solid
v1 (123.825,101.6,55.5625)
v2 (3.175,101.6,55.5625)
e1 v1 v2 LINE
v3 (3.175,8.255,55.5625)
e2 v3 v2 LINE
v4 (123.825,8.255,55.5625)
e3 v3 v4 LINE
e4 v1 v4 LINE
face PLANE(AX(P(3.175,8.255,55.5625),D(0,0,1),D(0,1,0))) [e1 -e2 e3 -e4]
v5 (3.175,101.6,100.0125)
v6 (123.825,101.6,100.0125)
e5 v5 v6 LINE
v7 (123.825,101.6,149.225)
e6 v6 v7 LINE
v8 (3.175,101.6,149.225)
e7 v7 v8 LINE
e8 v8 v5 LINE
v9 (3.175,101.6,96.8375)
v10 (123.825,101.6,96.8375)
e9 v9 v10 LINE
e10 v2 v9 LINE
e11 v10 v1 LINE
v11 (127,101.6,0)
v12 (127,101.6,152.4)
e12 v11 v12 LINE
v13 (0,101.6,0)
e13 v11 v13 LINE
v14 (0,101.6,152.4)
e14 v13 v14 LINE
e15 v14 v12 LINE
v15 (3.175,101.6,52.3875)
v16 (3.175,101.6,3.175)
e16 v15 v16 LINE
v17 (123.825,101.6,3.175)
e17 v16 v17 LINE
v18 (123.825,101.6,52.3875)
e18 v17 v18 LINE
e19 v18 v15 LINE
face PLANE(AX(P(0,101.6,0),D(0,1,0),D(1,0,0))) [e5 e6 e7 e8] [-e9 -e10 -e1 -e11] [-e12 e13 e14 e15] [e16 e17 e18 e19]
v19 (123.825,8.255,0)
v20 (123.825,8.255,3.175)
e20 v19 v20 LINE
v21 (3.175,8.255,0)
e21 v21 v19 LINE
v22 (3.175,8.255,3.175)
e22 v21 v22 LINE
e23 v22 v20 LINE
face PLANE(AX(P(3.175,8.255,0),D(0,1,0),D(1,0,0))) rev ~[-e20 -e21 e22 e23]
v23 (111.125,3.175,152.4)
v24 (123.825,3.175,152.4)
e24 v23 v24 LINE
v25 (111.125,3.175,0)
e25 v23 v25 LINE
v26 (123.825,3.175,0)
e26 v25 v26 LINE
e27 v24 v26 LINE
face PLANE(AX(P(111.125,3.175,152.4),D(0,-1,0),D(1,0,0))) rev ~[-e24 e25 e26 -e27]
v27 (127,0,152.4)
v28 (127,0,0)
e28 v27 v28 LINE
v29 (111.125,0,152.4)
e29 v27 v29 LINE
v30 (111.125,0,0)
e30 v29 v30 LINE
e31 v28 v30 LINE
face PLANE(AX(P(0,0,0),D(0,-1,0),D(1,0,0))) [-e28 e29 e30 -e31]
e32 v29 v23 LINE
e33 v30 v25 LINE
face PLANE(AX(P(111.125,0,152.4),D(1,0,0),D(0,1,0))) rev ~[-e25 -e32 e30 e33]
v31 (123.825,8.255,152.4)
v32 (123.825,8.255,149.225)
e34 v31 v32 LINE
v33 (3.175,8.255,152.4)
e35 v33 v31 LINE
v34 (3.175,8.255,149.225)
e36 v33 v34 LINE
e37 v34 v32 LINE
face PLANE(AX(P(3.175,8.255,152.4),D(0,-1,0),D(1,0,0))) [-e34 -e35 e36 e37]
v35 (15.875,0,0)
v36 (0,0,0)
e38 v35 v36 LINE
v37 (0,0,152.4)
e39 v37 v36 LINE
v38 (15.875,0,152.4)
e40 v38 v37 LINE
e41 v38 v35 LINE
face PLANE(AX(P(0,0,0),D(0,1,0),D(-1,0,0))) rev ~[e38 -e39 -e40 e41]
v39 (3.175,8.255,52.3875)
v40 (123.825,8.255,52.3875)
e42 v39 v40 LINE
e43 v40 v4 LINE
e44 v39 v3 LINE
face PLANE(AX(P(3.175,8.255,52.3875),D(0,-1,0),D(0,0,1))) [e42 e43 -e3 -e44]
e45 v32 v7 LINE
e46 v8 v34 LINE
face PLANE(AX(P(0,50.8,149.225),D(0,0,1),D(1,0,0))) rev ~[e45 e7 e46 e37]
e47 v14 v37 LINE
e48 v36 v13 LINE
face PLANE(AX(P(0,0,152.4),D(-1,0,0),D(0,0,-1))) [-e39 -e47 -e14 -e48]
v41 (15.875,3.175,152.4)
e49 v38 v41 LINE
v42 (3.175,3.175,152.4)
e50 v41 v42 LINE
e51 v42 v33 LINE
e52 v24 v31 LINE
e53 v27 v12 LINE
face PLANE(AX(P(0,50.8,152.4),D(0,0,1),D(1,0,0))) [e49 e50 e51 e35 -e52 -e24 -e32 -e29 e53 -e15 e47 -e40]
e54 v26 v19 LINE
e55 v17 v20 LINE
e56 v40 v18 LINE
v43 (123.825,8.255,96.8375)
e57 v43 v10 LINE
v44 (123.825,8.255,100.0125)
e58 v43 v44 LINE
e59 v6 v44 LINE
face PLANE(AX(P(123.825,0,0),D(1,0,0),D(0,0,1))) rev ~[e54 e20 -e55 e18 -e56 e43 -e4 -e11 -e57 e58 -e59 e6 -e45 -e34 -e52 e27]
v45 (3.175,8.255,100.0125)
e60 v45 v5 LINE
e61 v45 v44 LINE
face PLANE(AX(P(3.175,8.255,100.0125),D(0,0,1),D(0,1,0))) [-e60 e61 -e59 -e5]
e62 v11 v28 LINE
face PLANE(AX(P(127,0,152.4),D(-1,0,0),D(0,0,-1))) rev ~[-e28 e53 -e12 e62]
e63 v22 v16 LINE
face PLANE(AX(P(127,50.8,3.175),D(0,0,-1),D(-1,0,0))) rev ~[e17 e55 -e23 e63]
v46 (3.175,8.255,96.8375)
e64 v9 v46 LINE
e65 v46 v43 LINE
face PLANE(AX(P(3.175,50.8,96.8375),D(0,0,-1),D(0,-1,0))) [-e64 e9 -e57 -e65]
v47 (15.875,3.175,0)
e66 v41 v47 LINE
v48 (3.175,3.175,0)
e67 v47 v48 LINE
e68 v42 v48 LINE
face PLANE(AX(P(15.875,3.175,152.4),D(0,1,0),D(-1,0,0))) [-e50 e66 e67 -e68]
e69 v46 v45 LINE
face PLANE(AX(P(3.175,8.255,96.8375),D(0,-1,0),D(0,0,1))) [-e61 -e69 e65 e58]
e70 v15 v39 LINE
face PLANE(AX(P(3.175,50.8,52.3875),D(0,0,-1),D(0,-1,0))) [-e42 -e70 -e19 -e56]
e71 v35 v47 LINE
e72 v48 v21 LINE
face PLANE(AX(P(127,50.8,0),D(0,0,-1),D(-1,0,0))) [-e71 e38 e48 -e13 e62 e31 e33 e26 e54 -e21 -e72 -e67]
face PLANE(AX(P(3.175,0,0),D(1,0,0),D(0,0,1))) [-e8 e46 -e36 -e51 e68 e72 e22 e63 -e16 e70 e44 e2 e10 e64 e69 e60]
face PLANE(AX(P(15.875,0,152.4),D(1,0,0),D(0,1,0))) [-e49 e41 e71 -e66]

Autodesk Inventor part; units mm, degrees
ref_plane "YZ Plane" through (0, 0, 0) normal (1, 0, 0) x (0, 1, 0)
ref_plane "XZ Plane" through (0, 0, 0) normal (0, 1, 0) x (-1, 0, 0)
ref_plane "XY Plane" through (0, 0, 0) normal (0, 0, 1) x (1, 0, 0)
sketch "Sketch1" plane through (0, 0, 0) normal (0, 1, 0) x (-1, 0, 0)
  line L0 (0, 0) -> (-3.175, 0)
  line L1 (-3.175, 0) -> (-3.175, 152.4)
  line L2 (-3.175, 152.4) -> (0, 152.4)
  line L3 (0, 152.4) -> (0, 0)
  dimension "d0" = 3.175
  dimension "d1" = 152.4
extrude "Extrusion1" add sketch "Sketch1" along normal blind 50.8
sketch "Sketch2" plane through (0, 0, 0) normal (0, -1, 0) x (1, 0, 0)
  line L0 (0, 0) -> (127, 0) construction
  line L1 (0, 0) -> (127, 0) construction
  line L2 (127, 0) -> (123.825, 0)
  line L3 (123.825, 0) -> (123.825, 152.4)
  line L4 (123.825, 152.4) -> (127, 152.4)
  line L5 (127, 152.4) -> (127, 0)
  dimension "d4" = 127
  dimension "d5" = 0
  dimension "d6" = 3.175
  dimension "d7" = 152.4
extrude "Extrusion2" add sketch "Sketch2" against normal blind 50.8
sketch "Sketch3" plane through (0, 0, 152.4) normal (0, 0, 1) x (1, 0, 0)
  line L0 (3.175, 0) -> (3.175, 50.8) projected
  line L1 (3.175, 0) -> (15.875, 0)
  line L2 (15.875, 0) -> (15.875, 3.175)
  line L3 (15.875, 3.175) -> (3.175, 3.175)
  line L4 (3.175, 3.175) -> (3.175, 0)
  point P0 (0, 0)
  point P1 (3.175, 3.175)
  dimension "d10" = 12.7
  dimension "d11" = 3.175
extrude "Extrusion3" add sketch "Sketch3" against normal blind 152.4
sketch "Sketch4" plane through (123.825, 0, 152.4) normal (0, 0, 1) x (1, 0, 0)
  line L0 (0, 0) -> (0, 50.8) projected
  line L1 (0, 0) -> (-12.7, 0)
  line L2 (-12.7, 0) -> (-12.7, 3.175)
  line L3 (-12.7, 3.175) -> (0, 3.175)
  line L4 (0, 3.175) -> (0, 0)
  point P0 (-123.825, 0)
  dimension "d14" = 12.7
  dimension "d15" = 3.175
extrude "Extrusion4" add sketch "Sketch4" against normal blind 152.4
sketch "Sketch5" plane through (0, 50.8, 152.4) normal (0, 0, 1) x (1, 0, 0)
  line L0 (15.875, -47.625) -> (3.175, -47.625) construction
  line L1 (3.175, -47.625) -> (3.175, -42.545) construction
  line L2 (3.175, -47.625) -> (3.175, 0) construction
  line L3 (127, 0) -> (123.825, 0) projected
  line L4 (3.175, -42.545) -> (123.825, -42.545)
  line L5 (123.825, -42.545) -> (123.825, 0)
  line L6 (123.825, 0) -> (3.175, 0)
  line L7 (3.175, 0) -> (3.175, -42.545)
  point P0 (0, -50.8)
  dimension "d18" = 5.08
extrude "Extrusion5" add sketch "Sketch5" against normal blind 3.175
sketch "Sketch6" plane through (127, 50.8, 0) normal (0, 0, -1) x (-1, 0, 0)
  line L0 (0, 0) -> (3.175, 0) projected
  line L1 (123.825, -42.545) -> (3.175, -42.545) projected
  line L2 (3.175, 0) -> (123.825, 0)
  line L3 (123.825, 0) -> (123.825, -42.545)
  line L4 (123.825, -42.545) -> (3.175, -42.545)
  line L5 (3.175, -42.545) -> (3.175, 0)
  point P0 (127, -50.8)
extrude "Extrusion6" add sketch "Sketch6" against normal blind 3.175
sketch "Sketch8" plane through (3.175, 3.175, 152.4) normal (1, 0, 0) x (0, 0, -1)
  line L0 (3.175, 47.625) -> (53.975, 47.625) construction
  line L1 (3.175, 47.625) -> (149.225, 47.625) construction
  line L2 (3.175, 47.625) -> (53.975, 47.625) construction
  line L3 (152.4, -3.175) -> (0, -3.175) construction
  line L4 (53.975, 47.625) -> (101.6, 47.625) construction
  line L5 (53.975, 0) -> (53.975, 5.08) construction
  line L6 (53.975, 47.625) -> (53.975, 5.08) construction
  line L7 (52.3875, 47.625) -> (55.5625, 47.625)
  line L8 (55.5625, 47.625) -> (55.5625, 5.08)
  line L9 (55.5625, 5.08) -> (52.3875, 5.08)
  line L10 (52.3875, 5.08) -> (52.3875, 47.625)
  line L11 (52.3875, 47.625) -> (55.5625, 5.08) construction
  line L12 (55.5625, 47.625) -> (52.3875, 5.08) construction
  point P0 (53.975, 26.3525)
  dimension "d26" = 50.8
  dimension "d27" = 0
  dimension "d28" = 47.625
  dimension "d30" = 5.08
  dimension "d32" = 3.175
extrude "Extrusion7" add sketch "Sketch8" along normal up to next
sketch "Sketch9" plane through (3.175, 3.175, 152.4) normal (1, 0, 0) x (0, 0, -1)
  line L0 (149.225, 5.08) -> (149.225, 47.625) construction
  line L1 (149.225, 47.625) -> (98.425, 47.625) construction
  line L2 (55.5625, 47.625) -> (149.225, 47.625) construction
  line L3 (98.425, 47.625) -> (146.05, 47.625) construction
  line L4 (98.425, 0) -> (98.425, 5.08) construction
  line L5 (98.425, 47.625) -> (98.425, 5.08) construction
  line L6 (96.8375, 47.625) -> (100.0125, 47.625)
  line L7 (100.0125, 47.625) -> (100.0125, 5.08)
  line L8 (100.0125, 5.08) -> (96.8375, 5.08)
  line L9 (96.8375, 5.08) -> (96.8375, 47.625)
  line L10 (96.8375, 47.625) -> (100.0125, 5.08) construction
  line L11 (100.0125, 47.625) -> (96.8375, 5.08) construction
  point P0 (152.4, -3.175)
  point P1 (98.425, 26.3525)
  dimension "d35" = 50.8
  dimension "d36" = 47.625
  dimension "d38" = 5.08
  dimension "d40" = 3.175
  dimension "d41" = 42.545
extrude "Extrusion8" add sketch "Sketch9" along normal up to next
sketch "Sketch10" plane through (0, 50.8, 0) normal (0, 1, 0) x (1, 0, 0)
  line L0 (3.175, -55.5625) -> (123.825, -55.5625) construction
  line L1 (123.825, -55.5625) -> (127, -55.5625) construction
  line L2 (127, 0) -> (127, -152.4) construction
  line L3 (3.175, -100.0125) -> (123.825, -100.0125) construction
  line L4 (3.175, -100.0125) -> (0, -100.0125) construction
  line L5 (127, 0) -> (0, 0) projected
  line L6 (0, 0) -> (127, 0)
  line L7 (127, 0) -> (127, -55.5625)
  line L8 (127, -55.5625) -> (0, -55.5625)
  line L9 (0, -55.5625) -> (0, 0)
  line L10 (3.175, -3.175) -> (123.825, -3.175)
  line L11 (123.825, -3.175) -> (123.825, -52.3875)
  line L12 (123.825, -52.3875) -> (3.175, -52.3875)
  line L13 (3.175, -52.3875) -> (3.175, -3.175)
  line L14 (0, -100.0125) -> (127, -100.0125)
  line L15 (127, -100.0125) -> (127, -52.3875)
  line L16 (127, -52.3875) -> (0, -52.3875)
  line L17 (0, -52.3875) -> (0, -100.0125)
  line L18 (3.175, -96.8375) -> (123.825, -96.8375)
  line L19 (123.825, -96.8375) -> (123.825, -55.5625)
  line L20 (123.825, -55.5625) -> (3.175, -55.5625)
  line L21 (3.175, -55.5625) -> (3.175, -96.8375)
  line L22 (0, 0) -> (0, -152.4) projected
  line L23 (0, -152.4) -> (127, -152.4)
  line L24 (127, -152.4) -> (127, -96.8375)
  line L25 (127, -96.8375) -> (0, -96.8375)
  line L26 (0, -96.8375) -> (0, -152.4)
  line L27 (123.825, -149.225) -> (3.175, -149.225)
  line L28 (3.175, -149.225) -> (3.175, -100.0125)
  line L29 (3.175, -100.0125) -> (123.825, -100.0125)
  line L30 (123.825, -100.0125) -> (123.825, -149.225)
  point P0 (3.175, -55.5625)
  dimension "d44" = 3.175
  dimension "d45" = 3.175
  dimension "d46" = 3.175
extrude "Extrusion9" add sketch "Sketch10" along normal blind 50.8 contours L7 L16 L11 L10 L13 L9 L5 | L7 L8 L9 L16 L12 | L15 L25 L19 L8 | L8 L21 L25 L17 | L15 L14 L17 L25 L18 | L24 L23 L22 L14 L28 L27 L30
properties part number "BeadCompartments_1"
